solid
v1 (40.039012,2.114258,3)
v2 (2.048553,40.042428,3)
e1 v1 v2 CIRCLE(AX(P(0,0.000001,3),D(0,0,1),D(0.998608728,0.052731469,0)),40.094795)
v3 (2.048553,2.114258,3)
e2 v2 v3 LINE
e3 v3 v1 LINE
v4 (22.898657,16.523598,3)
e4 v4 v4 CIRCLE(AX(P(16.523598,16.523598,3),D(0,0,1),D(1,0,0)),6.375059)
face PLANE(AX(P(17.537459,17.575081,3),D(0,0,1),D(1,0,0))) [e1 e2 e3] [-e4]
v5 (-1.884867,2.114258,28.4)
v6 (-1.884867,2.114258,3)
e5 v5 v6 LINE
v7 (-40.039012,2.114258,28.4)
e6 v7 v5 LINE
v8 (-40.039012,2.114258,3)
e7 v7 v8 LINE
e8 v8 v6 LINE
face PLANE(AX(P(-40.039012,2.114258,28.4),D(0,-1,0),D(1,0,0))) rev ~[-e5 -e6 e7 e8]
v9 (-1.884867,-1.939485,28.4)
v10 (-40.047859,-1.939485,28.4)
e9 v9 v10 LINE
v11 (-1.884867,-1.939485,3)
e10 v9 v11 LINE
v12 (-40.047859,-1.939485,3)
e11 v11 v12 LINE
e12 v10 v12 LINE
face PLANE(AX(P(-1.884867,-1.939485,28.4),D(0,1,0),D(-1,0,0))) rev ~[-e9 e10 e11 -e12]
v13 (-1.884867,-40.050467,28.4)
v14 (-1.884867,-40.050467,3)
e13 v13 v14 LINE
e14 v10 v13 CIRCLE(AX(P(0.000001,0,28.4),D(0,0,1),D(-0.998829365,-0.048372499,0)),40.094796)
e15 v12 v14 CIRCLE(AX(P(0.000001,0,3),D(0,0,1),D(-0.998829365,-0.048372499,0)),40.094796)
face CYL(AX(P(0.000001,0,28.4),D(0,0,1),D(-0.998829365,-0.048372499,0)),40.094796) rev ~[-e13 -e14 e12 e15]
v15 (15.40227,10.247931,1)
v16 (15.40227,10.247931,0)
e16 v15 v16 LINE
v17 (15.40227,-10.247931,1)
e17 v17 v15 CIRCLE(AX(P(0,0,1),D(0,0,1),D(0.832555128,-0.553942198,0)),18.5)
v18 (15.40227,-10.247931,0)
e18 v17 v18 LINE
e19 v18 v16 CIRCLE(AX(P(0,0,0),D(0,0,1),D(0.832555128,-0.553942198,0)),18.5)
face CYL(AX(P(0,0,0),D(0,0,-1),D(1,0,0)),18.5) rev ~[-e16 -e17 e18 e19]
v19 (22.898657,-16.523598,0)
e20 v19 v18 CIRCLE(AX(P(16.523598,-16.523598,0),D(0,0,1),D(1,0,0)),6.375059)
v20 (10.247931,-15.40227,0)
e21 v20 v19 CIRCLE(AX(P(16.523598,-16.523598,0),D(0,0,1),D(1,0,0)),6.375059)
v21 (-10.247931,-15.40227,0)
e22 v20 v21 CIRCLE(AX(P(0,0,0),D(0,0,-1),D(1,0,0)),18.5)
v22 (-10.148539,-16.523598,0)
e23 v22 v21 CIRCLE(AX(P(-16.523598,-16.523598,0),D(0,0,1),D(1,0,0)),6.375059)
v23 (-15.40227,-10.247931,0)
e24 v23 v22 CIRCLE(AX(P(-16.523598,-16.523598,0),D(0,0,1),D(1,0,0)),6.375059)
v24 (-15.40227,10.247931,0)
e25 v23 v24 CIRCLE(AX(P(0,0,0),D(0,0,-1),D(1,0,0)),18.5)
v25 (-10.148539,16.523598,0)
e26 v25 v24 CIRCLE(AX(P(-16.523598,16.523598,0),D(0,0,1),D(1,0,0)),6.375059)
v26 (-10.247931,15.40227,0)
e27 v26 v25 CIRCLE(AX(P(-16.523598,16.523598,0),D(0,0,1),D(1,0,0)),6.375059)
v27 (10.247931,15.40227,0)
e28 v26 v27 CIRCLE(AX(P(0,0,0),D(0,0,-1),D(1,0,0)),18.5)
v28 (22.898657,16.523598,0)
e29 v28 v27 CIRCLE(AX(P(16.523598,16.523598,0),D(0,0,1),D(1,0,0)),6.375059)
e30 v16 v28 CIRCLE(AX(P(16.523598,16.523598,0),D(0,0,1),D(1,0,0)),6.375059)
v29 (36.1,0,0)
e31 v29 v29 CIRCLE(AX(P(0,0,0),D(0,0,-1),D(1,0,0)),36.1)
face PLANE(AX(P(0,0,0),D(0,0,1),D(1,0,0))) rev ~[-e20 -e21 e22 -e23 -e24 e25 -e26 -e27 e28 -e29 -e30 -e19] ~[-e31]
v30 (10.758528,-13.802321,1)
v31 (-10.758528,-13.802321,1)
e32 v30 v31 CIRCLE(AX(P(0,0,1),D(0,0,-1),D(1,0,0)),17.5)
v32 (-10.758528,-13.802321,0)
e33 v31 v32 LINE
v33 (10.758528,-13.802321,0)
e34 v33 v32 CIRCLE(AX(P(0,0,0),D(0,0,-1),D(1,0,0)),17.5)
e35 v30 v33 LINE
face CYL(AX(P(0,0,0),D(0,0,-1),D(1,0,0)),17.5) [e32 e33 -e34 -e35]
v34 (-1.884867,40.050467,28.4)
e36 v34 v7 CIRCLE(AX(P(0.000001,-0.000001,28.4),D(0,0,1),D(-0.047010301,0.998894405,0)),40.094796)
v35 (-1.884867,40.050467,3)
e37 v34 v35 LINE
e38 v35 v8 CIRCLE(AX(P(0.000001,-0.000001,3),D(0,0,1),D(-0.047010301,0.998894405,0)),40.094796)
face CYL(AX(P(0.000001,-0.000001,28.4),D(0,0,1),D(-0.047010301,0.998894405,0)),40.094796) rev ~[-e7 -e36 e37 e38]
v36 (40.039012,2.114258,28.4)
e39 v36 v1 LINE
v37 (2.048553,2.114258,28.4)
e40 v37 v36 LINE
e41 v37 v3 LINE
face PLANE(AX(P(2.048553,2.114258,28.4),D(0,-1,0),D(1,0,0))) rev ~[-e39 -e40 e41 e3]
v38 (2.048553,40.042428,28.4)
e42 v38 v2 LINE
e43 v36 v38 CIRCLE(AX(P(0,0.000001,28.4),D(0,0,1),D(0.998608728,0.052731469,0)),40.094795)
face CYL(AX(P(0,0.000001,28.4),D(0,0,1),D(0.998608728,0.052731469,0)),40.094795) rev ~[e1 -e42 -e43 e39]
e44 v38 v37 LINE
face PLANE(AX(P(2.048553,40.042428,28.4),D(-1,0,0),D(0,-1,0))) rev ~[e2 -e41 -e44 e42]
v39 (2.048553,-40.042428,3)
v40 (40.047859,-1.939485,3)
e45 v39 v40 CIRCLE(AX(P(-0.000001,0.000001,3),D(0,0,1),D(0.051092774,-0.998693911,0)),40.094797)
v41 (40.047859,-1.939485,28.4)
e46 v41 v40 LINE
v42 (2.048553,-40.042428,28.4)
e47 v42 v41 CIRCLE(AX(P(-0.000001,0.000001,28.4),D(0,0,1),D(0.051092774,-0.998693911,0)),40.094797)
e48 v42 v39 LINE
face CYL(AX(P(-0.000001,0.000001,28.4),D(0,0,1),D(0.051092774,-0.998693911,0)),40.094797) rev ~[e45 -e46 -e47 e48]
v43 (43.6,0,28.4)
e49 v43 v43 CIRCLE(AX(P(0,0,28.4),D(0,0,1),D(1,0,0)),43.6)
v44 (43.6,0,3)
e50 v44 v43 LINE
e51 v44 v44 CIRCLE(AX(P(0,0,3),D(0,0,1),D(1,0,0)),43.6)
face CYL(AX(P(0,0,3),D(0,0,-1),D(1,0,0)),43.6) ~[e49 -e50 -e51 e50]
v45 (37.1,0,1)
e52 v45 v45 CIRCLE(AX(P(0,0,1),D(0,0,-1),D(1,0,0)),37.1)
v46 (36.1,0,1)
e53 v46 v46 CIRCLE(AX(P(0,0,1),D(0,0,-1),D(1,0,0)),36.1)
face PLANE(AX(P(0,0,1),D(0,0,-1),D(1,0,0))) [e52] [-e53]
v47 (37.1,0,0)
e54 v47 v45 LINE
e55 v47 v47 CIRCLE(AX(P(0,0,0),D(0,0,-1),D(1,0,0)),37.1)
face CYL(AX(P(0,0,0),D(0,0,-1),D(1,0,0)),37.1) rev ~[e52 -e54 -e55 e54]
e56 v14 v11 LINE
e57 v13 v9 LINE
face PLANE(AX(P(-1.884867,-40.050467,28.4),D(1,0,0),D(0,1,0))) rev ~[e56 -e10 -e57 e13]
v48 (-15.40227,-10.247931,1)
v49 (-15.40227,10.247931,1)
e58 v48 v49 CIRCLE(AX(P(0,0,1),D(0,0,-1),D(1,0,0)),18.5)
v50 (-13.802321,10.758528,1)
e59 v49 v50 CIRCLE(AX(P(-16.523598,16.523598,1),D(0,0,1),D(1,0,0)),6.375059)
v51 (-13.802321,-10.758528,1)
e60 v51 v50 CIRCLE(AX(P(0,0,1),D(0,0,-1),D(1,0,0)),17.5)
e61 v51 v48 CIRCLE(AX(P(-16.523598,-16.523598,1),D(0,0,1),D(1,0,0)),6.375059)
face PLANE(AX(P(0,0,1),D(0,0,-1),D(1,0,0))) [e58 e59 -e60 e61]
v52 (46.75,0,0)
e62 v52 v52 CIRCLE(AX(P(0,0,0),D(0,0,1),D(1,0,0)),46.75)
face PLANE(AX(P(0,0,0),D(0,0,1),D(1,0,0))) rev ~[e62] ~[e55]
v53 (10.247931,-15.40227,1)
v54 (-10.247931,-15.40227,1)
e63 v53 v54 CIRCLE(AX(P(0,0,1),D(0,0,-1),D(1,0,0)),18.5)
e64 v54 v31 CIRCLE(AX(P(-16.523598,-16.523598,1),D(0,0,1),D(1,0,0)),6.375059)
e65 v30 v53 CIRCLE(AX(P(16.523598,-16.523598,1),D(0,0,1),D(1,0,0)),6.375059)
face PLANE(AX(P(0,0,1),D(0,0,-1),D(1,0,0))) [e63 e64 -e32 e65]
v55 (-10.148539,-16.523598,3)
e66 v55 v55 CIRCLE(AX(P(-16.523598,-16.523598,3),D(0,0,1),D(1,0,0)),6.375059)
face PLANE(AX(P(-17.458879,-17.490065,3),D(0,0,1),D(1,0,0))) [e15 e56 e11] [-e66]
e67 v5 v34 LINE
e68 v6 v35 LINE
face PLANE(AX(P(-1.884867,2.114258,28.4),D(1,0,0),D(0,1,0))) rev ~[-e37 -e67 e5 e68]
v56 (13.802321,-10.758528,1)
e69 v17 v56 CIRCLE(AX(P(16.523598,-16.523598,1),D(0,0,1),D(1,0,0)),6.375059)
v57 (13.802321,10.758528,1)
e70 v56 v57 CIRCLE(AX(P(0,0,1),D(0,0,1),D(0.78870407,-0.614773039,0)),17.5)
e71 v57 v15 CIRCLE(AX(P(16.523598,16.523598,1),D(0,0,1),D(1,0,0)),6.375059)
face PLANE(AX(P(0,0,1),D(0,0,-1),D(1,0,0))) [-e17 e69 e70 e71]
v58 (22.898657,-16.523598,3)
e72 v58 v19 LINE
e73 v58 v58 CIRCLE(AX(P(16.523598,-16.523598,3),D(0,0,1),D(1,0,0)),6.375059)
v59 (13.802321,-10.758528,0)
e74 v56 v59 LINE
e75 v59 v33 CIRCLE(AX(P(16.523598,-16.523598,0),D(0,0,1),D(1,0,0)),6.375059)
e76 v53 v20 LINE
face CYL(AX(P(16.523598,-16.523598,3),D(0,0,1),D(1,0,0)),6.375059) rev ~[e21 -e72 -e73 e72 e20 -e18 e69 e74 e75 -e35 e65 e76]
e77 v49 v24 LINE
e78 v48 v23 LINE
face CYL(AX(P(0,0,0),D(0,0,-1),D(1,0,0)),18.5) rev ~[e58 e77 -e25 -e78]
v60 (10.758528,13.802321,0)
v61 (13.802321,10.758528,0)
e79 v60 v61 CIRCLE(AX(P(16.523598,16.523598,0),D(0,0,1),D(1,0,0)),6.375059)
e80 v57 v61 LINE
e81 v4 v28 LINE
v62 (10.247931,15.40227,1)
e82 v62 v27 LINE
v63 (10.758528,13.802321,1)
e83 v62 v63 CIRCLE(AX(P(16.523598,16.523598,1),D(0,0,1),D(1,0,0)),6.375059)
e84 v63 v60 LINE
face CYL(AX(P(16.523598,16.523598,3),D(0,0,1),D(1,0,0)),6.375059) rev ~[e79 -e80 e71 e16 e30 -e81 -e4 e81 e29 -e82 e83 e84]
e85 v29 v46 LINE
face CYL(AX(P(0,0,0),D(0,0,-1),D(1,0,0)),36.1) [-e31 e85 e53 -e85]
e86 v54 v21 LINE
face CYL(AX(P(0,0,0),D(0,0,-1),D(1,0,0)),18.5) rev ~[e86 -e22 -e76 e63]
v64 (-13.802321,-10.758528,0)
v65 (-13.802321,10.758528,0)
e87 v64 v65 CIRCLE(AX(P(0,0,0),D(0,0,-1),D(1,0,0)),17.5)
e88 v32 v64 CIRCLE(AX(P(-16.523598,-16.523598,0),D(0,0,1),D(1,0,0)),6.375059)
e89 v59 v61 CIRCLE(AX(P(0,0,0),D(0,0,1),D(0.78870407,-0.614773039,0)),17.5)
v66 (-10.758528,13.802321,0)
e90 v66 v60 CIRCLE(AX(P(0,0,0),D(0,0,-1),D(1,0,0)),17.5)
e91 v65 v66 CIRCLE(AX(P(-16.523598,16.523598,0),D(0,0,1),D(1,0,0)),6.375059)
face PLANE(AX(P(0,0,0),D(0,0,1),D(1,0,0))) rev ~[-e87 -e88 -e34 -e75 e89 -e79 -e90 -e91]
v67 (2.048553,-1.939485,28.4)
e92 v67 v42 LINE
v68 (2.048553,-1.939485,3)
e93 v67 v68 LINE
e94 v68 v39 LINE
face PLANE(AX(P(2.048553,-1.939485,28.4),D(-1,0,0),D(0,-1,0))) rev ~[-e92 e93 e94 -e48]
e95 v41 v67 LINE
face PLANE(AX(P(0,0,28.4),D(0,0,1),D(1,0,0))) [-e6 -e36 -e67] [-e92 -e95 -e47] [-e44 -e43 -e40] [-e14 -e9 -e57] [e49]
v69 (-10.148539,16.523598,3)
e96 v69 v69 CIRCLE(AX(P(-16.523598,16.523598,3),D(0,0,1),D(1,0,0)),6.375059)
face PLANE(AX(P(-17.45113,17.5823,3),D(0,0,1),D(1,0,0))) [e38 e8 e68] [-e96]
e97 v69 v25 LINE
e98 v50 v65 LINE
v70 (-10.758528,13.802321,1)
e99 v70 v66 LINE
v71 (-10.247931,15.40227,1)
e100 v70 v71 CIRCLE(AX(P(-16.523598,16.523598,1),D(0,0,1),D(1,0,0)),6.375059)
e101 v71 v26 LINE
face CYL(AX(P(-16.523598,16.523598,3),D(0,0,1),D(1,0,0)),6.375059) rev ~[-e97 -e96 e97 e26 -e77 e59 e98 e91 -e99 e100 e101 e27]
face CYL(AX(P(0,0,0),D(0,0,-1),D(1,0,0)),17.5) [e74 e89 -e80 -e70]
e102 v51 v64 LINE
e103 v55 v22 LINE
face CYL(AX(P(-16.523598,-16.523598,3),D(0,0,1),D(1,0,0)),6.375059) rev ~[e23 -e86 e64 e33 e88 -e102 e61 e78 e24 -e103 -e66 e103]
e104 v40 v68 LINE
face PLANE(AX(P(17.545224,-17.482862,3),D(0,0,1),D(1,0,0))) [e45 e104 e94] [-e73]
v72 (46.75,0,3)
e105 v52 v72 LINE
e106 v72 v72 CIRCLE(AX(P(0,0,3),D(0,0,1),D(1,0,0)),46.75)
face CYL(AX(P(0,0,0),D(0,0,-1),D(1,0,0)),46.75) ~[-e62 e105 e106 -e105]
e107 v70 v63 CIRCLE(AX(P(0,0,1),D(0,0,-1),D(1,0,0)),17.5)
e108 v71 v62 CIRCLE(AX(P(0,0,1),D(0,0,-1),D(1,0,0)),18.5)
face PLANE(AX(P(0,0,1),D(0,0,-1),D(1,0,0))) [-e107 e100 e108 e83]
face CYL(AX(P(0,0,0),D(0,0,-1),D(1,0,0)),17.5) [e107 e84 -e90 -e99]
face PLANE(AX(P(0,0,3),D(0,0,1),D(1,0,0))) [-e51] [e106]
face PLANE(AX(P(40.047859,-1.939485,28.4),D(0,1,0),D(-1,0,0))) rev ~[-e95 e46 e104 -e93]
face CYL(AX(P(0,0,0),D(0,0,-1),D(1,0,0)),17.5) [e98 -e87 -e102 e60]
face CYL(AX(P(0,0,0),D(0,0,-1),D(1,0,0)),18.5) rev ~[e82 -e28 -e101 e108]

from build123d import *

# Parameters (mm, degrees)
F0_R     = 46.75
F1_DEPTH = 3
F2_R     = 43.6
F3_DEPTH = 25.4
F4_R     = 37.1
F4_R_2   = 36.1
F4_R_3   = 18.5
F4_R_4   = 17.5
F5_DEPTH = 1
F7_DEPTH = 25.4
F8_R     = 6.375059
F9_DEPTH = 3.001


with BuildPart() as f1:
    # F0 (on Top) → F1 (new body)
    with BuildSketch(Plane.XY):
        Circle(F0_R)
    extrude(amount=F1_DEPTH)

    # F2 (on face) → F3 (join)
    with BuildSketch(Plane.XY.offset(3)):
        Circle(F2_R)
    extrude(amount=F3_DEPTH)

    # F4 (on face) → F5 (cut)
    with BuildSketch(Plane(origin=(0, 0, 0), x_dir=(1, 0, 0), z_dir=(0, 0, -1))):
        Circle(F4_R)
        Circle(F4_R_2, mode=Mode.SUBTRACT)
        Circle(F4_R_3)
        Circle(F4_R_4, mode=Mode.SUBTRACT)
    extrude(amount=-F5_DEPTH, mode=Mode.SUBTRACT)

    # F6 (on face) → F7 (cut, through all)
    with BuildSketch(Plane.XY.offset(28.4)):
        with BuildLine():
            Line((-1.884867, -40.050467), (-1.884867, -1.939485))
            Line((-1.884867, -1.939485), (-40.047859, -1.939485))
            ThreePointArc((-40.047859, -1.939485), (-28.331963, -28.370627), (-1.884867, -40.050467))
        make_face()
        with BuildLine():
            Line((-40.039012, 2.114258), (-1.884867, 2.114258))
            Line((-1.884867, 2.114258), (-1.884867, 40.050467))
            ThreePointArc((-1.884867, 40.050467), (-28.269982, 28.432388), (-40.039012, 2.114258))
        make_face()
        with BuildLine():
            Line((2.048553, 40.042428), (2.048553, 2.114258))
            Line((2.048553, 2.114258), (40.039012, 2.114258))
            ThreePointArc((40.039012, 2.114258), (28.32803, 28.374554), (2.048553, 40.042428))
        make_face()
        with BuildLine():
            Line((40.047859, -1.939485), (2.048553, -1.939485))
            Line((2.048553, -1.939485), (2.048553, -40.042428))
            ThreePointArc((2.048553, -40.042428), (28.389884, -28.312666), (40.047859, -1.939485))
        make_face()
    extrude(amount=-F7_DEPTH, mode=Mode.SUBTRACT)

    # F8 (on face) → F9 (cut, through all)
    with BuildSketch(Plane.XY.offset(3)):
        with Locations((-16.523598, 16.523598)):
            Circle(F8_R)
        with Locations((16.523598, 16.523598)):
            Circle(F8_R)
        with Locations((16.523598, -16.523598)):
            Circle(F8_R)
        with Locations((-16.523598, -16.523598)):
            Circle(F8_R)
    extrude(amount=-F9_DEPTH, mode=Mode.SUBTRACT)


solid = f1.part
